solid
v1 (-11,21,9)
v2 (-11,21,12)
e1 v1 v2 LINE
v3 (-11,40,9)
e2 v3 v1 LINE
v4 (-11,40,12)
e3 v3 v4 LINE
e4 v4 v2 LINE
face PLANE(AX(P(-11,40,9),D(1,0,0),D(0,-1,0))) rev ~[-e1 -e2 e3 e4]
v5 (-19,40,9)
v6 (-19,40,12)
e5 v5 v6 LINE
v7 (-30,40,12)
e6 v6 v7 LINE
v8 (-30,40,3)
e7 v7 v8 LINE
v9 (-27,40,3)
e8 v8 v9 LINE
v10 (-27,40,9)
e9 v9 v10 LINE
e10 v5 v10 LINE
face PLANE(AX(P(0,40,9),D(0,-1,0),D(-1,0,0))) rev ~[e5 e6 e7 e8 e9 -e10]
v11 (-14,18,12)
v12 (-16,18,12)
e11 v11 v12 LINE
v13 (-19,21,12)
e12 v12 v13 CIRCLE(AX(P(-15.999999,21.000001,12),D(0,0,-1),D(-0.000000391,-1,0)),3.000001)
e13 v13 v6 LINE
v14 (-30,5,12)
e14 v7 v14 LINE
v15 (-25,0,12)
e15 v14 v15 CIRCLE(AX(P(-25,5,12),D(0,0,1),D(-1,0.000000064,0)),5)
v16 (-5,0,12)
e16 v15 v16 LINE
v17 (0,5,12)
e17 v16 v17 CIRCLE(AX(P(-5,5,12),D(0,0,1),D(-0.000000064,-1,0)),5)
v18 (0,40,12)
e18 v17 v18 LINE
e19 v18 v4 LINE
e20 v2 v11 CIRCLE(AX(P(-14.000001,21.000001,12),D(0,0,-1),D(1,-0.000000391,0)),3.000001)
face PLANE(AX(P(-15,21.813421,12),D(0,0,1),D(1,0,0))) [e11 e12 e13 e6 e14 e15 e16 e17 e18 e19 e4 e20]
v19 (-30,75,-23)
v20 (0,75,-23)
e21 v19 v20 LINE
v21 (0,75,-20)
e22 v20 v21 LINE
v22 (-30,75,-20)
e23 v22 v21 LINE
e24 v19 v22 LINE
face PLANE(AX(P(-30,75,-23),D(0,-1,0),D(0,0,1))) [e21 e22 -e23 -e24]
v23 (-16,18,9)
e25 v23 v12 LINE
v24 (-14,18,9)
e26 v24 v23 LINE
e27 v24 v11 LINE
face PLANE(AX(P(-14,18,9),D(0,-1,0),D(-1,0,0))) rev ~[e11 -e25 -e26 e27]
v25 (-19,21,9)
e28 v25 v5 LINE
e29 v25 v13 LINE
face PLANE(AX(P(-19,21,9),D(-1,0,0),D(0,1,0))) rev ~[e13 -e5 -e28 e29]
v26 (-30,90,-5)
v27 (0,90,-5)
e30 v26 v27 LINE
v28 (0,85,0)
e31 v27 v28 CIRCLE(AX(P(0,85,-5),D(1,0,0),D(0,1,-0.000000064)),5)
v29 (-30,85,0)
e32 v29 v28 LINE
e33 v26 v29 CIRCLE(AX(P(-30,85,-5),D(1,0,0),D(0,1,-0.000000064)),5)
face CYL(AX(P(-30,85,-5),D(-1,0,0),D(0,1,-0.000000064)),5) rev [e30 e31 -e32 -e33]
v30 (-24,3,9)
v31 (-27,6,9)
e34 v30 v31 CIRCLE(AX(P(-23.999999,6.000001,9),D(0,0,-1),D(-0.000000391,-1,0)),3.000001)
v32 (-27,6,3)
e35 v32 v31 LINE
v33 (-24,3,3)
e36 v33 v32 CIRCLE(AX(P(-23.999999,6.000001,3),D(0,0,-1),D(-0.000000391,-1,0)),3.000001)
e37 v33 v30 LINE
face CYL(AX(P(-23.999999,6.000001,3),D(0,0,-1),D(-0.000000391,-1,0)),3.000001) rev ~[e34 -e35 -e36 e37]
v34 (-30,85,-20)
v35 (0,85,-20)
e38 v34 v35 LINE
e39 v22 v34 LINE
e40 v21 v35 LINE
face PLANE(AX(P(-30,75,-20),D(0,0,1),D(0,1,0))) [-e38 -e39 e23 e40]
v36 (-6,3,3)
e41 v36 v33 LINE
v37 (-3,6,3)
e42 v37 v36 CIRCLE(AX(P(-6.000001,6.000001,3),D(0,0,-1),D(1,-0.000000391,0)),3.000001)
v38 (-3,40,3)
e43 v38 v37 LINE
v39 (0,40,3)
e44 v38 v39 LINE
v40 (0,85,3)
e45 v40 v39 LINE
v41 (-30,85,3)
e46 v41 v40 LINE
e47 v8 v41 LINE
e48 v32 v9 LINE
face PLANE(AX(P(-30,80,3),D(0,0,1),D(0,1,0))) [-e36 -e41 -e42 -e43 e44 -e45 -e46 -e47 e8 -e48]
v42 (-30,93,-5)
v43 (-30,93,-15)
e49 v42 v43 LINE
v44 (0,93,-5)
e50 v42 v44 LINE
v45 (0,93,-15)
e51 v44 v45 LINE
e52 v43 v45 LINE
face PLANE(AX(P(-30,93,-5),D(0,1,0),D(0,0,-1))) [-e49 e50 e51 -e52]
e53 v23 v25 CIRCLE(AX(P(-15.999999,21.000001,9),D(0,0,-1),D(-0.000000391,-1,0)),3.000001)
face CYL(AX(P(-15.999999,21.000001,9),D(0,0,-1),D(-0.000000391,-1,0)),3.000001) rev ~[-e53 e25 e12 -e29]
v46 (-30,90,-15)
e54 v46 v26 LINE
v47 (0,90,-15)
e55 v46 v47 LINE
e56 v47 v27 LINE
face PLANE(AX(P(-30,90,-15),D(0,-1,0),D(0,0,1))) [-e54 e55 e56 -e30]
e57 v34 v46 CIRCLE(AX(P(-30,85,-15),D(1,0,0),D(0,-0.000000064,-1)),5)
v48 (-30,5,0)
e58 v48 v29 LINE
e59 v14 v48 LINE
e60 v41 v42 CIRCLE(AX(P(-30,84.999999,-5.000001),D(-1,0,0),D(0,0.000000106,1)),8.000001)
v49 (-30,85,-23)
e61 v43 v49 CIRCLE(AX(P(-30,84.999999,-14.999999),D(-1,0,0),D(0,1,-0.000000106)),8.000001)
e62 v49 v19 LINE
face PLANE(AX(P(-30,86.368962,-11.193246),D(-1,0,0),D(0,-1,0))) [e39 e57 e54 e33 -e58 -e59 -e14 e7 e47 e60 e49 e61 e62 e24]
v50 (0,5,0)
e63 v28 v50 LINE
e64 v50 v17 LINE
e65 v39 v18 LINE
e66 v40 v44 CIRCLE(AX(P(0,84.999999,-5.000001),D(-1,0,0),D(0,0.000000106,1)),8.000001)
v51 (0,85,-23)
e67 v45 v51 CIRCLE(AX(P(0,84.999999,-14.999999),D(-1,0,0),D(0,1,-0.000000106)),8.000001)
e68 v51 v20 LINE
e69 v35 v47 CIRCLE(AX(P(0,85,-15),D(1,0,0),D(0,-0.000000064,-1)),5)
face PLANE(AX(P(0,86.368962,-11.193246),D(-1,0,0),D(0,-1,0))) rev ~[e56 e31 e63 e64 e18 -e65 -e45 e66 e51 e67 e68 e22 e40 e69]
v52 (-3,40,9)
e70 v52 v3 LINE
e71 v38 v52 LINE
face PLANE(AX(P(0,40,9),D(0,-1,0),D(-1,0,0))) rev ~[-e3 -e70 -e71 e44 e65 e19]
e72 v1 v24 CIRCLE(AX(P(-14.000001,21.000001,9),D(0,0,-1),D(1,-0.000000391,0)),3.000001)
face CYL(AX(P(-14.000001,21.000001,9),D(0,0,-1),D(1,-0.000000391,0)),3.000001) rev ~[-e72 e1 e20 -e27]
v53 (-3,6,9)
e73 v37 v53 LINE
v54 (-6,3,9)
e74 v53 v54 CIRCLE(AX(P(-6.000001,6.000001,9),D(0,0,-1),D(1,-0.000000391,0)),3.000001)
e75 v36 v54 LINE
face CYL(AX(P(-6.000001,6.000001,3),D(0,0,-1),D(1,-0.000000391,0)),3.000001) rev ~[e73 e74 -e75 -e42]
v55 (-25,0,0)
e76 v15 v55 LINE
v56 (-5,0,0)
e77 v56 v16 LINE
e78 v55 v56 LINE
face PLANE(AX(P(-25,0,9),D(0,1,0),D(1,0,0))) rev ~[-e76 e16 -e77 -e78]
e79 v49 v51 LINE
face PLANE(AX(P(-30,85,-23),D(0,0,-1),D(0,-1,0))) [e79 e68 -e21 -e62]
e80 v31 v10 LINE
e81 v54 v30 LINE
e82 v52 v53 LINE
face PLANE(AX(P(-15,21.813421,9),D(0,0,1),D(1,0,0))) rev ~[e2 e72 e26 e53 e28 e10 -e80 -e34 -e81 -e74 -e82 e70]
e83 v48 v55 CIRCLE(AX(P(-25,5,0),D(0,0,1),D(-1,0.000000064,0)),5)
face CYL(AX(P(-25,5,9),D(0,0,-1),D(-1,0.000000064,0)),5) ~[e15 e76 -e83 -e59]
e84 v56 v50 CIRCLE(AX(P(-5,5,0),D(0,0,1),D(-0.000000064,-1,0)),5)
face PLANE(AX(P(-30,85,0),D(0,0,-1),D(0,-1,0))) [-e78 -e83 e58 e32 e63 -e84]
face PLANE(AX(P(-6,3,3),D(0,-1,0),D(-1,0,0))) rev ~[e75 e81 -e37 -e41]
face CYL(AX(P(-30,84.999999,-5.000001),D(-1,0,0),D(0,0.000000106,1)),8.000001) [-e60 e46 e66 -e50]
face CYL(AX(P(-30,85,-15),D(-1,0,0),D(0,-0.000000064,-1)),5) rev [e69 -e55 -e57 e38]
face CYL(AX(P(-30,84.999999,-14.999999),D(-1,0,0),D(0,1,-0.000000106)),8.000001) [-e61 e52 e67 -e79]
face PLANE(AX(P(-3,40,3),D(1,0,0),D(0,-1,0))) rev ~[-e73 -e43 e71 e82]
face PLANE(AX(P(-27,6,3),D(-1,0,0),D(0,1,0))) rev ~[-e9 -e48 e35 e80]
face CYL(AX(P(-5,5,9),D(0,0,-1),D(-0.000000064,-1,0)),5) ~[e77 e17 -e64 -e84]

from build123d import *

# Parameters (mm, degrees)
F1_DEPTH = 3
F3_DEPTH = 6
F5_DEPTH = 3
F7_DEPTH = 40
F9_DEPTH = 30


with BuildPart() as f1:
    # F0 (on Top) → F1 (new body)
    with BuildSketch(Plane.XY):
        with BuildLine():
            Line((-25, 0), (-5, 0))
            ThreePointArc((-5, 0), (-1.464466, 1.464466), (0, 5))
            Line((0, 5), (0, 40))
            Line((0, 40), (-30, 40))
            Line((-30, 40), (-30, 5))
            ThreePointArc((-30, 5), (-28.535534, 1.464466), (-25, 0))
        make_face()
    extrude(amount=F1_DEPTH)

    # F2 (on face) → F3 (join)
    with BuildSketch(Plane.XY.offset(3)):
        with BuildLine():
            ThreePointArc((-24, 3), (-26.12132, 3.87868), (-27, 6))
            Line((-27, 6), (-27, 40))
            Line((-27, 40), (-30, 40))
            Line((-30, 40), (-30, 5))
            ThreePointArc((-30, 5), (-28.535534, 1.464466), (-25, 0))
            Line((-25, 0), (-5, 0))
            ThreePointArc((-5, 0), (-1.464466, 1.464466), (0, 5))
            Line((0, 5), (0, 40))
            Line((0, 40), (-3, 40))
            Line((-3, 40), (-3, 6))
            ThreePointArc((-3, 6), (-3.87868, 3.87868), (-6, 3))
            Line((-6, 3), (-24, 3))
        make_face()
    extrude(amount=F3_DEPTH)

    # F4 (on face) → F5 (join)
    with BuildSketch(Plane.XY.offset(9)):
        with BuildLine():
            Line((-25, 0), (-5, 0))
            ThreePointArc((-5, 0), (-1.464466, 1.464466), (0, 5))
            Line((0, 5), (0, 40))
            Line((0, 40), (-11, 40))
            Line((-11, 40), (-11, 21))
            ThreePointArc((-11, 21), (-11.87868, 18.87868), (-14, 18))
            Line((-14, 18), (-16, 18))
            ThreePointArc((-16, 18), (-18.12132, 18.87868), (-19, 21))
            Line((-19, 21), (-19, 40))
            Line((-19, 40), (-30, 40))
            Line((-30, 40), (-30, 5))
            ThreePointArc((-30, 5), (-28.535534, 1.464466), (-25, 0))
        make_face()
    extrude(amount=F5_DEPTH)

    # F6 (on face) → F7 (join)
    with BuildSketch(Plane(origin=(0, 40, 0), x_dir=(-1, 0, 0), z_dir=(0, 1, 0))):
        Polygon((0, 0), (30, 0), (30, 3), (27, 3), (3, 3), (0, 3), align=None)
    extrude(amount=F7_DEPTH)

    # F8 (on face) → F9 (join)
    with BuildSketch(Plane(origin=(-30, 0, 0), x_dir=(0, -1, 0), z_dir=(-1, 0, 0))):
        with BuildLine():
            Line((-85, 0), (-80, 0))
            Line((-80, 0), (-80, 3))
            Line((-80, 3), (-85, 3))
            ThreePointArc((-85, 3), (-90.656854, 0.656854), (-93, -5))
            Line((-93, -5), (-93, -10))
            Line((-93, -10), (-93, -15))
            ThreePointArc((-93, -15), (-90.656854, -20.656854), (-85, -23))
            Line((-85, -23), (-80, -23))
            Line((-80, -23), (-75, -23))
            Line((-75, -23), (-75, -20))
            Line((-75, -20), (-80, -20))
            Line((-80, -20), (-85, -20))
            ThreePointArc((-85, -20), (-88.535534, -18.535534), (-90, -15))
            Line((-90, -15), (-90, -10))
            Line((-90, -10), (-90, -5))
            ThreePointArc((-90, -5), (-88.535534, -1.464466), (-85, 0))
        make_face()
    extrude(amount=-F9_DEPTH)


solid = f1.part
